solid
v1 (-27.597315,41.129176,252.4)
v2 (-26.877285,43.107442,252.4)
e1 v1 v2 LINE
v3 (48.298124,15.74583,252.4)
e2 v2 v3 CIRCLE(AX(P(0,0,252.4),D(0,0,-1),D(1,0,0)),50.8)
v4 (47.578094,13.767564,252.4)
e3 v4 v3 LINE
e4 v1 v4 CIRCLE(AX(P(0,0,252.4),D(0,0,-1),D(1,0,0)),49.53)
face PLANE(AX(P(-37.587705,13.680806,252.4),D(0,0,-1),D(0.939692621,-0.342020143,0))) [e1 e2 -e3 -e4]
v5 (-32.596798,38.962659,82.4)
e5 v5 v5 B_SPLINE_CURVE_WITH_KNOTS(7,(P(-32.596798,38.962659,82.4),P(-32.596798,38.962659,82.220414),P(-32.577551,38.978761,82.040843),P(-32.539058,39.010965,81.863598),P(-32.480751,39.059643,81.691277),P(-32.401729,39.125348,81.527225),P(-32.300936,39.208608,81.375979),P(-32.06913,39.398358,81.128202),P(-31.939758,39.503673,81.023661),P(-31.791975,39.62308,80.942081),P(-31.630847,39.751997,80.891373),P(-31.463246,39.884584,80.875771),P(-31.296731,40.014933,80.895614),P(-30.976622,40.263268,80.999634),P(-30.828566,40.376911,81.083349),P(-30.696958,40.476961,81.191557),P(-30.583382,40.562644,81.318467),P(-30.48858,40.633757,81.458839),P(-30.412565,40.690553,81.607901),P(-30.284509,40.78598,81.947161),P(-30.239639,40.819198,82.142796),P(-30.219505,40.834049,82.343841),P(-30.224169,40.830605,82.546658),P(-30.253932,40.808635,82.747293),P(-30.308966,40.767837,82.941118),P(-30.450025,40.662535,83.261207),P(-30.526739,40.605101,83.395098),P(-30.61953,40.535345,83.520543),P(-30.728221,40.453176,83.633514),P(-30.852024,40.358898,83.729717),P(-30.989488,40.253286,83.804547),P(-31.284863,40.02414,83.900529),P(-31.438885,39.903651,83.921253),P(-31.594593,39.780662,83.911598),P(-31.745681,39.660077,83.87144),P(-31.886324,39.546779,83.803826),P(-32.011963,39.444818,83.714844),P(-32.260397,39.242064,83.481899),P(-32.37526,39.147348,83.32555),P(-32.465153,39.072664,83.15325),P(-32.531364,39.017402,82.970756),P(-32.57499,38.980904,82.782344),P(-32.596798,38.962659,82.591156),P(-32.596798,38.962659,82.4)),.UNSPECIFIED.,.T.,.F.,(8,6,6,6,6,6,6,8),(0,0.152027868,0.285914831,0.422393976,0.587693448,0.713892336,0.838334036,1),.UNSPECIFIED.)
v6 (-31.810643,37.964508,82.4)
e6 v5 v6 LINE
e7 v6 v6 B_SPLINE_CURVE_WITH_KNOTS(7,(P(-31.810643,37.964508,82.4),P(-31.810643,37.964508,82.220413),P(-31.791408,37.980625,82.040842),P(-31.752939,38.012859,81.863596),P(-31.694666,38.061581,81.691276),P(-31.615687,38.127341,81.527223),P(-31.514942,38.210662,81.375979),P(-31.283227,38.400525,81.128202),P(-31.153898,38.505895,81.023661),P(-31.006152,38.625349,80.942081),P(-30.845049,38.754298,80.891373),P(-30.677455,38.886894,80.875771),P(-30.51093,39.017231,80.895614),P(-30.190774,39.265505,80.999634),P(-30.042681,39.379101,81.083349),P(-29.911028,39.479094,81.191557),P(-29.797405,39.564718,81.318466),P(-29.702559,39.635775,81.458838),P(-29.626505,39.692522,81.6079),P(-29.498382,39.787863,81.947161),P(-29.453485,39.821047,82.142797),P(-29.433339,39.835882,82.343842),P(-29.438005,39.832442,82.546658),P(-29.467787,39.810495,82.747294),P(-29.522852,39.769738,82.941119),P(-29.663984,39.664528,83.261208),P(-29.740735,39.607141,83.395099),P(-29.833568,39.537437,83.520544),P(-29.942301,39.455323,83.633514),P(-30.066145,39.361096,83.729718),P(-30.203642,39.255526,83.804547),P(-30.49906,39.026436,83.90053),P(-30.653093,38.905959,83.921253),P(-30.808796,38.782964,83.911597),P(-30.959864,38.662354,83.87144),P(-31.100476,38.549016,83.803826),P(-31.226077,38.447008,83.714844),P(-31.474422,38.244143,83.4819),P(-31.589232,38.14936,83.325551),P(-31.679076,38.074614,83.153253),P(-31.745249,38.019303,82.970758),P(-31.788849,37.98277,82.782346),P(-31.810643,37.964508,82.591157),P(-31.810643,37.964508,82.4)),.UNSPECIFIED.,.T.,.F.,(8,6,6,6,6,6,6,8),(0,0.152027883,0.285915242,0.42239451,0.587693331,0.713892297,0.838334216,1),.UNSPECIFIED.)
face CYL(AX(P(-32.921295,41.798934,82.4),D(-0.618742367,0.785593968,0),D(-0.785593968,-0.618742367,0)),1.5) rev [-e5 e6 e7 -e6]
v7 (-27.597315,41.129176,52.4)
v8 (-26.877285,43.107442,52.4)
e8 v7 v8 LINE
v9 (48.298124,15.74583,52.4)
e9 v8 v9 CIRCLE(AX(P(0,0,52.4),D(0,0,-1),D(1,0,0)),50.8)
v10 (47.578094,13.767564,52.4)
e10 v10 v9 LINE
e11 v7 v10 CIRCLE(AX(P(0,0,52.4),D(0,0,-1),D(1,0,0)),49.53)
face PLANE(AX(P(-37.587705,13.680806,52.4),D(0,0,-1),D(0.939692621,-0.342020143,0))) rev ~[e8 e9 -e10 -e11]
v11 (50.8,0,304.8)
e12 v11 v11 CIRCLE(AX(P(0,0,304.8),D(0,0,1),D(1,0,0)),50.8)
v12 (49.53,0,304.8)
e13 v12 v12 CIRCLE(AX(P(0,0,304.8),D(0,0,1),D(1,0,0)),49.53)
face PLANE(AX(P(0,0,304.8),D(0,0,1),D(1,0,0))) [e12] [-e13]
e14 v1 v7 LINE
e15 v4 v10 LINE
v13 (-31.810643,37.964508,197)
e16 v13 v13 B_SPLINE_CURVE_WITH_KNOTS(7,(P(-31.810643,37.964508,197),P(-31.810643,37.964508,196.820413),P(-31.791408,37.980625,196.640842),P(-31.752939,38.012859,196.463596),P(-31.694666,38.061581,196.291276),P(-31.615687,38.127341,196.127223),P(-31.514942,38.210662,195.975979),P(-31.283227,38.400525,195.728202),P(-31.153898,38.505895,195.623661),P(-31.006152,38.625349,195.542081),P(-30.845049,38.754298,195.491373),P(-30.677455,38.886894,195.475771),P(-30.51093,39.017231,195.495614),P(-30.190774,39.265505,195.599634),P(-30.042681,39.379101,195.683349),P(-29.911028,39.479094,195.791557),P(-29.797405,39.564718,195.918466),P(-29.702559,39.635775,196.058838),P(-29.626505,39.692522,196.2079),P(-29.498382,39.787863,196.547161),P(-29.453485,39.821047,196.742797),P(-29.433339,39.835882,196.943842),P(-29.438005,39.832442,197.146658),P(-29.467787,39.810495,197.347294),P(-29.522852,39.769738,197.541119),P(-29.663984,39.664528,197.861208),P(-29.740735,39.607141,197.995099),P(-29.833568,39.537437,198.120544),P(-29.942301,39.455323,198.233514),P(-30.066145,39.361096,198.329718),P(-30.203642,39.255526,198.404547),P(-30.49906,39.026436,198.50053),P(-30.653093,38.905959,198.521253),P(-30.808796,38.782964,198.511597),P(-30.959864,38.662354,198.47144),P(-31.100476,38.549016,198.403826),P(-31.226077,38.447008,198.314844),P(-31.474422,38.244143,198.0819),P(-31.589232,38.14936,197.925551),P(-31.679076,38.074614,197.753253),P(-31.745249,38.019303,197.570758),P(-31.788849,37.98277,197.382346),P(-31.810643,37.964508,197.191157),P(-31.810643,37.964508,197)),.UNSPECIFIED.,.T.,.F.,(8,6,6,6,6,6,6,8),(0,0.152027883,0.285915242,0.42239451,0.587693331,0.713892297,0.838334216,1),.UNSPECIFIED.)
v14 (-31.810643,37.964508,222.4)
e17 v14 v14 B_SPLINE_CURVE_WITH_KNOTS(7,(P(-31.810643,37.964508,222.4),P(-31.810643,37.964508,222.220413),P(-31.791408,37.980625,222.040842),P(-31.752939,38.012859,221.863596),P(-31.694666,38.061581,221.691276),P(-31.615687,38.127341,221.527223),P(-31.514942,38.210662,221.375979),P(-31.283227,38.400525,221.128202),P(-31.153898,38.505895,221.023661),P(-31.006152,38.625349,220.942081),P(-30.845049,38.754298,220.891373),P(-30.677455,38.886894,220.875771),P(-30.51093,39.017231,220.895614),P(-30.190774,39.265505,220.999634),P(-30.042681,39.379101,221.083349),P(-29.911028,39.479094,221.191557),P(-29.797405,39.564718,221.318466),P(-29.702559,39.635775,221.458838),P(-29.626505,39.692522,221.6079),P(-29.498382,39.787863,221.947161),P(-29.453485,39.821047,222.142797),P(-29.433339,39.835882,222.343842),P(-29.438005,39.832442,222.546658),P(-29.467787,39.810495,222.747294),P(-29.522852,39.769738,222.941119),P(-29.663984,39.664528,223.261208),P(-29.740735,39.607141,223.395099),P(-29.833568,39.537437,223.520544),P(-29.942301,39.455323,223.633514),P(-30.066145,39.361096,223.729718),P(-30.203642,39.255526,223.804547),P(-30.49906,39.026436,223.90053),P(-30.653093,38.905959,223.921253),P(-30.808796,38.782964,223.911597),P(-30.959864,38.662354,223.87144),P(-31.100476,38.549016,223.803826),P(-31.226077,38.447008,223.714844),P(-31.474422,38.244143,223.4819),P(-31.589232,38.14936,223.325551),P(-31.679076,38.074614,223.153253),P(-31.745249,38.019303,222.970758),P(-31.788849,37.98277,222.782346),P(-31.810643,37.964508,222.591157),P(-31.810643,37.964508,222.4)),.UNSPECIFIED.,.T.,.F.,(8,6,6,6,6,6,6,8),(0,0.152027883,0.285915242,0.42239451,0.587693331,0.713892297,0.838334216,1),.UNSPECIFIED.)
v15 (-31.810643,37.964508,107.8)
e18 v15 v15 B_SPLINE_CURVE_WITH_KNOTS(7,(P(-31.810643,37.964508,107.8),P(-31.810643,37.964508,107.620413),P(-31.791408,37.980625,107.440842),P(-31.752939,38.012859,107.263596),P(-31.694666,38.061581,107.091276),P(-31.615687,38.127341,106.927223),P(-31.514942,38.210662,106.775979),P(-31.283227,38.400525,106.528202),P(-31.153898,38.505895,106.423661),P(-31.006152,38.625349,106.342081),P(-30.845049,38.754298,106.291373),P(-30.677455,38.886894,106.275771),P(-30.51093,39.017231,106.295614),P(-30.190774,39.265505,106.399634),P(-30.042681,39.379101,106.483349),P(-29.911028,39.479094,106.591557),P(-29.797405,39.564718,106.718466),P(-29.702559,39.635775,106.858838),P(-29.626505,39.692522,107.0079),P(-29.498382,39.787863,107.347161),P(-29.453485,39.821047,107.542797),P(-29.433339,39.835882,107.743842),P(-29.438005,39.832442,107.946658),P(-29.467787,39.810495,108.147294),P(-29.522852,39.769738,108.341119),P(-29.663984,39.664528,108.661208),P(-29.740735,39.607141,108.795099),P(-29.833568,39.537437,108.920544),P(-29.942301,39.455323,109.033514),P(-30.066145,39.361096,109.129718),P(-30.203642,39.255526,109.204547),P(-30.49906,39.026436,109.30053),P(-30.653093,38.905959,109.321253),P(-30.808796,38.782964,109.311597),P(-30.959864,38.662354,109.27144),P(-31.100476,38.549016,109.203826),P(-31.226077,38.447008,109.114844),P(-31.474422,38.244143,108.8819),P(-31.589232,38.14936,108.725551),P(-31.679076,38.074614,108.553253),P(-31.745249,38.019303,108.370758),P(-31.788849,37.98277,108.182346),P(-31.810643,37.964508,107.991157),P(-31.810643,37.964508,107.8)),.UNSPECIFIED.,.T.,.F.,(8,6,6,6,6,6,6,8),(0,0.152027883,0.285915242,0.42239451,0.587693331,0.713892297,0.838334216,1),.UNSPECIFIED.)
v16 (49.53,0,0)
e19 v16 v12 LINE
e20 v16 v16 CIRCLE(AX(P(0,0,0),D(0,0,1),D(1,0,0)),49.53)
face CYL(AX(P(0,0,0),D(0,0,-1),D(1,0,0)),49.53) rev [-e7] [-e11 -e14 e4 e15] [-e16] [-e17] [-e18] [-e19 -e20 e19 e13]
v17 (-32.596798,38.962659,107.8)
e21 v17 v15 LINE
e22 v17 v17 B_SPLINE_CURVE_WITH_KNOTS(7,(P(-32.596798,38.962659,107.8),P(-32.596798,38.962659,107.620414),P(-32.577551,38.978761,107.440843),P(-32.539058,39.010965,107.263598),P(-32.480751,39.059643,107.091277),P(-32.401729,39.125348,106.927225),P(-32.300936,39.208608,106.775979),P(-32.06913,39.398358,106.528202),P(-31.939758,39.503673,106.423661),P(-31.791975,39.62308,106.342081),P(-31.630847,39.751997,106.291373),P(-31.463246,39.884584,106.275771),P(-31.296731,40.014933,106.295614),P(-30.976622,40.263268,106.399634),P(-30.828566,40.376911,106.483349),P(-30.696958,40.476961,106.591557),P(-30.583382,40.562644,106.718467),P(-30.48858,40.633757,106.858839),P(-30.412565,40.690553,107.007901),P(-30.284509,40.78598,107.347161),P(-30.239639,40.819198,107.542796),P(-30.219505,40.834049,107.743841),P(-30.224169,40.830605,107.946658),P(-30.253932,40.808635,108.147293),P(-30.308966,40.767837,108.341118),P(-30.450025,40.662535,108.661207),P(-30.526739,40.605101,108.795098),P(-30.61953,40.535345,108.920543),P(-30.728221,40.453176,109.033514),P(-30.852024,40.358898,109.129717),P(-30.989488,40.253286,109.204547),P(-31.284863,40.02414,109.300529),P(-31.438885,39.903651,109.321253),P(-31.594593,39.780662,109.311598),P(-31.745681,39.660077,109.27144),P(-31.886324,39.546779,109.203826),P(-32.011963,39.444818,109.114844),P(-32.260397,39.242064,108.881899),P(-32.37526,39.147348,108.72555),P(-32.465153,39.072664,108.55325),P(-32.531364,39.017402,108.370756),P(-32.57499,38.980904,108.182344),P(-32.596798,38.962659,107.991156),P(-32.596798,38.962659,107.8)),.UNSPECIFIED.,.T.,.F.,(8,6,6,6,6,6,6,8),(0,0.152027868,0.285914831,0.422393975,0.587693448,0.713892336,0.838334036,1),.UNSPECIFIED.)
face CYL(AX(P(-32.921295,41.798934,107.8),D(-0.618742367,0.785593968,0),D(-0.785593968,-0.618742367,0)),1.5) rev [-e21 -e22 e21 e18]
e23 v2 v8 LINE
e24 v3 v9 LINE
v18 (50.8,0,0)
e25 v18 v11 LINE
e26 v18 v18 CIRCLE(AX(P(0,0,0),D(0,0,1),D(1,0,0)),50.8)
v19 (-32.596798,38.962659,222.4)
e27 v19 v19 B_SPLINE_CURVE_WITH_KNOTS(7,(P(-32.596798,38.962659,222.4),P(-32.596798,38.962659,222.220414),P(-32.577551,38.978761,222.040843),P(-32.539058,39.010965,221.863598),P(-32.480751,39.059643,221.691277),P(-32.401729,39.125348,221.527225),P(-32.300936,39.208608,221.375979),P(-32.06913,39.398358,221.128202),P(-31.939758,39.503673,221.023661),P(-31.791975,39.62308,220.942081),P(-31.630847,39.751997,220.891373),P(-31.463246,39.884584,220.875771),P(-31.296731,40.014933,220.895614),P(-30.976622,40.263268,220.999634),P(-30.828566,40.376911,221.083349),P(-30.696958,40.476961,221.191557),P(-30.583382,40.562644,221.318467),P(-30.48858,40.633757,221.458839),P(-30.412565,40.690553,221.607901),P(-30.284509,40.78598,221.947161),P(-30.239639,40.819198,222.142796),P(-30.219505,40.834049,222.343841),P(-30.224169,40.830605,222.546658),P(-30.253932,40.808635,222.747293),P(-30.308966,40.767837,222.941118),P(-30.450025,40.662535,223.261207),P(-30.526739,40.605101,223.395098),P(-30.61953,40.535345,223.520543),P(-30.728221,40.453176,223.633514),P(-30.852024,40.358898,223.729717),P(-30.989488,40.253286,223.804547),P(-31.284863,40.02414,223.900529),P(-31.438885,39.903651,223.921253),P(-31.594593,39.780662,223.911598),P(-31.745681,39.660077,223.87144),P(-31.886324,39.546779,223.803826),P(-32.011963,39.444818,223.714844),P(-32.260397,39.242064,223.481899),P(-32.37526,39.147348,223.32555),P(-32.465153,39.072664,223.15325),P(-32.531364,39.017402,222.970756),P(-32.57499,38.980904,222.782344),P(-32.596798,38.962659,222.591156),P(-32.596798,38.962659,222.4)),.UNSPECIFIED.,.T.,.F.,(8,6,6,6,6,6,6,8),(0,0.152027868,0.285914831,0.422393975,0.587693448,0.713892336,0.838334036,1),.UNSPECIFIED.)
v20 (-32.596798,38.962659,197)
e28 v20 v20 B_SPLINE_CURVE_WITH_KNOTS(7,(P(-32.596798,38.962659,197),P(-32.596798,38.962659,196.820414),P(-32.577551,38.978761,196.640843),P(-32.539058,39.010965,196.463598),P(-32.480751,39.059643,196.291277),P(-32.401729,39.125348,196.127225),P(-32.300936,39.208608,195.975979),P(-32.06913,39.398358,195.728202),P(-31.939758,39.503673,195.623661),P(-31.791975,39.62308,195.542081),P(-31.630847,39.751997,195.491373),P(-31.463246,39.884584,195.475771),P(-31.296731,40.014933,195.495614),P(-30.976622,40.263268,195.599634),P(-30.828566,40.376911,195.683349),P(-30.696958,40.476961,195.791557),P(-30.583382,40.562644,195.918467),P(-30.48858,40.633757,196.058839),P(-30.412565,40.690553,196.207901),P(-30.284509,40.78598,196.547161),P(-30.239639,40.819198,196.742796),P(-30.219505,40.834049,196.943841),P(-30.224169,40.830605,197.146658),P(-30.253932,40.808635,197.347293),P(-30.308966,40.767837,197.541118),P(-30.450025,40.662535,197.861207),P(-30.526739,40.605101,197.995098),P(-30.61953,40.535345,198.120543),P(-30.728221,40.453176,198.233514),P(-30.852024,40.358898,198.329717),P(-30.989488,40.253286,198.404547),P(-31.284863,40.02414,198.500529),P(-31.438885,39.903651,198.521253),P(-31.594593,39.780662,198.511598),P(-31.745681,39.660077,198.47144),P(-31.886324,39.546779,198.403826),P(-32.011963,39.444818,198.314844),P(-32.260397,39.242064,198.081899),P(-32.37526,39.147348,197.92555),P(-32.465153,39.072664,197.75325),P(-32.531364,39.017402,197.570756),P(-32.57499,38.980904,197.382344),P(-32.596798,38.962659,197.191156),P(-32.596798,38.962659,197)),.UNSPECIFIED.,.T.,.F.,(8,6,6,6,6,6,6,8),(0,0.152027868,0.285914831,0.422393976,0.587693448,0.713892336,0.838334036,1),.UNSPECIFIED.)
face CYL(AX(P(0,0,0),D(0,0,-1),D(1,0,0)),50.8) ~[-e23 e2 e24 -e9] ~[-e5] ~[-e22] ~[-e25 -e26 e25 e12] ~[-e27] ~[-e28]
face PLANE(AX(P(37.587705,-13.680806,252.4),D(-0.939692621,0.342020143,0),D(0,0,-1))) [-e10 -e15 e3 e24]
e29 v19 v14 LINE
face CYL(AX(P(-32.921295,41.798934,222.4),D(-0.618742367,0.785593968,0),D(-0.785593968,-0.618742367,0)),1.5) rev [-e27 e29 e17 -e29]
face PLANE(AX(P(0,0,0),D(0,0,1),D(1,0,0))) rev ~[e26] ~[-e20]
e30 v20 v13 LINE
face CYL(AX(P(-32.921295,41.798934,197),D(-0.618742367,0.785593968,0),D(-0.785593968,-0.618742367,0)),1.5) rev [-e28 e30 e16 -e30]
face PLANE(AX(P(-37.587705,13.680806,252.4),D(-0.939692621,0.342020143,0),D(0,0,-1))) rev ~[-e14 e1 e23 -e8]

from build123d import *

# Parameters (mm, degrees)
SKETCH2_R           = 50.8
SKETCH2_R_2         = 49.53
BOSS_EXTRUDE1_DEPTH = 304.8
CUT_EXTRUDE1_REACH  = 67.111
SKETCH3_W           = 80
SKETCH3_H           = 200
SKETCH7_R           = 1.5
CUT_EXTRUDE2_DEPTH  = 10


with BuildPart() as part:
    # Sketch2 → Boss-Extrude1 (new body)
    with BuildSketch(Plane.XY):
        Circle(SKETCH2_R)
        Circle(SKETCH2_R_2, mode=Mode.SUBTRACT)
    extrude(amount=BOSS_EXTRUDE1_DEPTH)

    # Sketch3 → Cut-Extrude1 (cut, up to next)
    with BuildSketch(Plane(origin=(0, 0, 0), x_dir=(0.939692621, -0.342020143, 0), z_dir=(0.342020143, 0.939692621, 0)), mode=Mode.PRIVATE) as cut_extrude1_sk1:
        with Locations((0, -152.4)):
            Rectangle(SKETCH3_W, SKETCH3_H)
    cut_extrude1_tool1 = extrude(cut_extrude1_sk1.sketch, amount=CUT_EXTRUDE1_REACH, mode=Mode.PRIVATE) & part.part
    add(cut_extrude1_tool1.solids().sort_by_distance((0, 0, 152.4))[0], mode=Mode.SUBTRACT)

    # Sketch7 → Cut-Extrude2 (cut)
    with BuildSketch(Plane(origin=(-78.038389788, 6.264218534, 0), x_dir=(-0.785593968, -0.618742367, 0), z_dir=(0.618742367, -0.785593968, 0))):
        with Locations((-57.430550893, -222.4)):
            Circle(SKETCH7_R)
        with Locations((-57.430550893, -197)):
            Circle(SKETCH7_R)
        with Locations((-57.430550893, -107.8)):
            Circle(SKETCH7_R)
        with Locations((-57.430550893, -82.4)):
            Circle(SKETCH7_R)
    extrude(amount=CUT_EXTRUDE2_DEPTH, mode=Mode.SUBTRACT)


solid = part.part
